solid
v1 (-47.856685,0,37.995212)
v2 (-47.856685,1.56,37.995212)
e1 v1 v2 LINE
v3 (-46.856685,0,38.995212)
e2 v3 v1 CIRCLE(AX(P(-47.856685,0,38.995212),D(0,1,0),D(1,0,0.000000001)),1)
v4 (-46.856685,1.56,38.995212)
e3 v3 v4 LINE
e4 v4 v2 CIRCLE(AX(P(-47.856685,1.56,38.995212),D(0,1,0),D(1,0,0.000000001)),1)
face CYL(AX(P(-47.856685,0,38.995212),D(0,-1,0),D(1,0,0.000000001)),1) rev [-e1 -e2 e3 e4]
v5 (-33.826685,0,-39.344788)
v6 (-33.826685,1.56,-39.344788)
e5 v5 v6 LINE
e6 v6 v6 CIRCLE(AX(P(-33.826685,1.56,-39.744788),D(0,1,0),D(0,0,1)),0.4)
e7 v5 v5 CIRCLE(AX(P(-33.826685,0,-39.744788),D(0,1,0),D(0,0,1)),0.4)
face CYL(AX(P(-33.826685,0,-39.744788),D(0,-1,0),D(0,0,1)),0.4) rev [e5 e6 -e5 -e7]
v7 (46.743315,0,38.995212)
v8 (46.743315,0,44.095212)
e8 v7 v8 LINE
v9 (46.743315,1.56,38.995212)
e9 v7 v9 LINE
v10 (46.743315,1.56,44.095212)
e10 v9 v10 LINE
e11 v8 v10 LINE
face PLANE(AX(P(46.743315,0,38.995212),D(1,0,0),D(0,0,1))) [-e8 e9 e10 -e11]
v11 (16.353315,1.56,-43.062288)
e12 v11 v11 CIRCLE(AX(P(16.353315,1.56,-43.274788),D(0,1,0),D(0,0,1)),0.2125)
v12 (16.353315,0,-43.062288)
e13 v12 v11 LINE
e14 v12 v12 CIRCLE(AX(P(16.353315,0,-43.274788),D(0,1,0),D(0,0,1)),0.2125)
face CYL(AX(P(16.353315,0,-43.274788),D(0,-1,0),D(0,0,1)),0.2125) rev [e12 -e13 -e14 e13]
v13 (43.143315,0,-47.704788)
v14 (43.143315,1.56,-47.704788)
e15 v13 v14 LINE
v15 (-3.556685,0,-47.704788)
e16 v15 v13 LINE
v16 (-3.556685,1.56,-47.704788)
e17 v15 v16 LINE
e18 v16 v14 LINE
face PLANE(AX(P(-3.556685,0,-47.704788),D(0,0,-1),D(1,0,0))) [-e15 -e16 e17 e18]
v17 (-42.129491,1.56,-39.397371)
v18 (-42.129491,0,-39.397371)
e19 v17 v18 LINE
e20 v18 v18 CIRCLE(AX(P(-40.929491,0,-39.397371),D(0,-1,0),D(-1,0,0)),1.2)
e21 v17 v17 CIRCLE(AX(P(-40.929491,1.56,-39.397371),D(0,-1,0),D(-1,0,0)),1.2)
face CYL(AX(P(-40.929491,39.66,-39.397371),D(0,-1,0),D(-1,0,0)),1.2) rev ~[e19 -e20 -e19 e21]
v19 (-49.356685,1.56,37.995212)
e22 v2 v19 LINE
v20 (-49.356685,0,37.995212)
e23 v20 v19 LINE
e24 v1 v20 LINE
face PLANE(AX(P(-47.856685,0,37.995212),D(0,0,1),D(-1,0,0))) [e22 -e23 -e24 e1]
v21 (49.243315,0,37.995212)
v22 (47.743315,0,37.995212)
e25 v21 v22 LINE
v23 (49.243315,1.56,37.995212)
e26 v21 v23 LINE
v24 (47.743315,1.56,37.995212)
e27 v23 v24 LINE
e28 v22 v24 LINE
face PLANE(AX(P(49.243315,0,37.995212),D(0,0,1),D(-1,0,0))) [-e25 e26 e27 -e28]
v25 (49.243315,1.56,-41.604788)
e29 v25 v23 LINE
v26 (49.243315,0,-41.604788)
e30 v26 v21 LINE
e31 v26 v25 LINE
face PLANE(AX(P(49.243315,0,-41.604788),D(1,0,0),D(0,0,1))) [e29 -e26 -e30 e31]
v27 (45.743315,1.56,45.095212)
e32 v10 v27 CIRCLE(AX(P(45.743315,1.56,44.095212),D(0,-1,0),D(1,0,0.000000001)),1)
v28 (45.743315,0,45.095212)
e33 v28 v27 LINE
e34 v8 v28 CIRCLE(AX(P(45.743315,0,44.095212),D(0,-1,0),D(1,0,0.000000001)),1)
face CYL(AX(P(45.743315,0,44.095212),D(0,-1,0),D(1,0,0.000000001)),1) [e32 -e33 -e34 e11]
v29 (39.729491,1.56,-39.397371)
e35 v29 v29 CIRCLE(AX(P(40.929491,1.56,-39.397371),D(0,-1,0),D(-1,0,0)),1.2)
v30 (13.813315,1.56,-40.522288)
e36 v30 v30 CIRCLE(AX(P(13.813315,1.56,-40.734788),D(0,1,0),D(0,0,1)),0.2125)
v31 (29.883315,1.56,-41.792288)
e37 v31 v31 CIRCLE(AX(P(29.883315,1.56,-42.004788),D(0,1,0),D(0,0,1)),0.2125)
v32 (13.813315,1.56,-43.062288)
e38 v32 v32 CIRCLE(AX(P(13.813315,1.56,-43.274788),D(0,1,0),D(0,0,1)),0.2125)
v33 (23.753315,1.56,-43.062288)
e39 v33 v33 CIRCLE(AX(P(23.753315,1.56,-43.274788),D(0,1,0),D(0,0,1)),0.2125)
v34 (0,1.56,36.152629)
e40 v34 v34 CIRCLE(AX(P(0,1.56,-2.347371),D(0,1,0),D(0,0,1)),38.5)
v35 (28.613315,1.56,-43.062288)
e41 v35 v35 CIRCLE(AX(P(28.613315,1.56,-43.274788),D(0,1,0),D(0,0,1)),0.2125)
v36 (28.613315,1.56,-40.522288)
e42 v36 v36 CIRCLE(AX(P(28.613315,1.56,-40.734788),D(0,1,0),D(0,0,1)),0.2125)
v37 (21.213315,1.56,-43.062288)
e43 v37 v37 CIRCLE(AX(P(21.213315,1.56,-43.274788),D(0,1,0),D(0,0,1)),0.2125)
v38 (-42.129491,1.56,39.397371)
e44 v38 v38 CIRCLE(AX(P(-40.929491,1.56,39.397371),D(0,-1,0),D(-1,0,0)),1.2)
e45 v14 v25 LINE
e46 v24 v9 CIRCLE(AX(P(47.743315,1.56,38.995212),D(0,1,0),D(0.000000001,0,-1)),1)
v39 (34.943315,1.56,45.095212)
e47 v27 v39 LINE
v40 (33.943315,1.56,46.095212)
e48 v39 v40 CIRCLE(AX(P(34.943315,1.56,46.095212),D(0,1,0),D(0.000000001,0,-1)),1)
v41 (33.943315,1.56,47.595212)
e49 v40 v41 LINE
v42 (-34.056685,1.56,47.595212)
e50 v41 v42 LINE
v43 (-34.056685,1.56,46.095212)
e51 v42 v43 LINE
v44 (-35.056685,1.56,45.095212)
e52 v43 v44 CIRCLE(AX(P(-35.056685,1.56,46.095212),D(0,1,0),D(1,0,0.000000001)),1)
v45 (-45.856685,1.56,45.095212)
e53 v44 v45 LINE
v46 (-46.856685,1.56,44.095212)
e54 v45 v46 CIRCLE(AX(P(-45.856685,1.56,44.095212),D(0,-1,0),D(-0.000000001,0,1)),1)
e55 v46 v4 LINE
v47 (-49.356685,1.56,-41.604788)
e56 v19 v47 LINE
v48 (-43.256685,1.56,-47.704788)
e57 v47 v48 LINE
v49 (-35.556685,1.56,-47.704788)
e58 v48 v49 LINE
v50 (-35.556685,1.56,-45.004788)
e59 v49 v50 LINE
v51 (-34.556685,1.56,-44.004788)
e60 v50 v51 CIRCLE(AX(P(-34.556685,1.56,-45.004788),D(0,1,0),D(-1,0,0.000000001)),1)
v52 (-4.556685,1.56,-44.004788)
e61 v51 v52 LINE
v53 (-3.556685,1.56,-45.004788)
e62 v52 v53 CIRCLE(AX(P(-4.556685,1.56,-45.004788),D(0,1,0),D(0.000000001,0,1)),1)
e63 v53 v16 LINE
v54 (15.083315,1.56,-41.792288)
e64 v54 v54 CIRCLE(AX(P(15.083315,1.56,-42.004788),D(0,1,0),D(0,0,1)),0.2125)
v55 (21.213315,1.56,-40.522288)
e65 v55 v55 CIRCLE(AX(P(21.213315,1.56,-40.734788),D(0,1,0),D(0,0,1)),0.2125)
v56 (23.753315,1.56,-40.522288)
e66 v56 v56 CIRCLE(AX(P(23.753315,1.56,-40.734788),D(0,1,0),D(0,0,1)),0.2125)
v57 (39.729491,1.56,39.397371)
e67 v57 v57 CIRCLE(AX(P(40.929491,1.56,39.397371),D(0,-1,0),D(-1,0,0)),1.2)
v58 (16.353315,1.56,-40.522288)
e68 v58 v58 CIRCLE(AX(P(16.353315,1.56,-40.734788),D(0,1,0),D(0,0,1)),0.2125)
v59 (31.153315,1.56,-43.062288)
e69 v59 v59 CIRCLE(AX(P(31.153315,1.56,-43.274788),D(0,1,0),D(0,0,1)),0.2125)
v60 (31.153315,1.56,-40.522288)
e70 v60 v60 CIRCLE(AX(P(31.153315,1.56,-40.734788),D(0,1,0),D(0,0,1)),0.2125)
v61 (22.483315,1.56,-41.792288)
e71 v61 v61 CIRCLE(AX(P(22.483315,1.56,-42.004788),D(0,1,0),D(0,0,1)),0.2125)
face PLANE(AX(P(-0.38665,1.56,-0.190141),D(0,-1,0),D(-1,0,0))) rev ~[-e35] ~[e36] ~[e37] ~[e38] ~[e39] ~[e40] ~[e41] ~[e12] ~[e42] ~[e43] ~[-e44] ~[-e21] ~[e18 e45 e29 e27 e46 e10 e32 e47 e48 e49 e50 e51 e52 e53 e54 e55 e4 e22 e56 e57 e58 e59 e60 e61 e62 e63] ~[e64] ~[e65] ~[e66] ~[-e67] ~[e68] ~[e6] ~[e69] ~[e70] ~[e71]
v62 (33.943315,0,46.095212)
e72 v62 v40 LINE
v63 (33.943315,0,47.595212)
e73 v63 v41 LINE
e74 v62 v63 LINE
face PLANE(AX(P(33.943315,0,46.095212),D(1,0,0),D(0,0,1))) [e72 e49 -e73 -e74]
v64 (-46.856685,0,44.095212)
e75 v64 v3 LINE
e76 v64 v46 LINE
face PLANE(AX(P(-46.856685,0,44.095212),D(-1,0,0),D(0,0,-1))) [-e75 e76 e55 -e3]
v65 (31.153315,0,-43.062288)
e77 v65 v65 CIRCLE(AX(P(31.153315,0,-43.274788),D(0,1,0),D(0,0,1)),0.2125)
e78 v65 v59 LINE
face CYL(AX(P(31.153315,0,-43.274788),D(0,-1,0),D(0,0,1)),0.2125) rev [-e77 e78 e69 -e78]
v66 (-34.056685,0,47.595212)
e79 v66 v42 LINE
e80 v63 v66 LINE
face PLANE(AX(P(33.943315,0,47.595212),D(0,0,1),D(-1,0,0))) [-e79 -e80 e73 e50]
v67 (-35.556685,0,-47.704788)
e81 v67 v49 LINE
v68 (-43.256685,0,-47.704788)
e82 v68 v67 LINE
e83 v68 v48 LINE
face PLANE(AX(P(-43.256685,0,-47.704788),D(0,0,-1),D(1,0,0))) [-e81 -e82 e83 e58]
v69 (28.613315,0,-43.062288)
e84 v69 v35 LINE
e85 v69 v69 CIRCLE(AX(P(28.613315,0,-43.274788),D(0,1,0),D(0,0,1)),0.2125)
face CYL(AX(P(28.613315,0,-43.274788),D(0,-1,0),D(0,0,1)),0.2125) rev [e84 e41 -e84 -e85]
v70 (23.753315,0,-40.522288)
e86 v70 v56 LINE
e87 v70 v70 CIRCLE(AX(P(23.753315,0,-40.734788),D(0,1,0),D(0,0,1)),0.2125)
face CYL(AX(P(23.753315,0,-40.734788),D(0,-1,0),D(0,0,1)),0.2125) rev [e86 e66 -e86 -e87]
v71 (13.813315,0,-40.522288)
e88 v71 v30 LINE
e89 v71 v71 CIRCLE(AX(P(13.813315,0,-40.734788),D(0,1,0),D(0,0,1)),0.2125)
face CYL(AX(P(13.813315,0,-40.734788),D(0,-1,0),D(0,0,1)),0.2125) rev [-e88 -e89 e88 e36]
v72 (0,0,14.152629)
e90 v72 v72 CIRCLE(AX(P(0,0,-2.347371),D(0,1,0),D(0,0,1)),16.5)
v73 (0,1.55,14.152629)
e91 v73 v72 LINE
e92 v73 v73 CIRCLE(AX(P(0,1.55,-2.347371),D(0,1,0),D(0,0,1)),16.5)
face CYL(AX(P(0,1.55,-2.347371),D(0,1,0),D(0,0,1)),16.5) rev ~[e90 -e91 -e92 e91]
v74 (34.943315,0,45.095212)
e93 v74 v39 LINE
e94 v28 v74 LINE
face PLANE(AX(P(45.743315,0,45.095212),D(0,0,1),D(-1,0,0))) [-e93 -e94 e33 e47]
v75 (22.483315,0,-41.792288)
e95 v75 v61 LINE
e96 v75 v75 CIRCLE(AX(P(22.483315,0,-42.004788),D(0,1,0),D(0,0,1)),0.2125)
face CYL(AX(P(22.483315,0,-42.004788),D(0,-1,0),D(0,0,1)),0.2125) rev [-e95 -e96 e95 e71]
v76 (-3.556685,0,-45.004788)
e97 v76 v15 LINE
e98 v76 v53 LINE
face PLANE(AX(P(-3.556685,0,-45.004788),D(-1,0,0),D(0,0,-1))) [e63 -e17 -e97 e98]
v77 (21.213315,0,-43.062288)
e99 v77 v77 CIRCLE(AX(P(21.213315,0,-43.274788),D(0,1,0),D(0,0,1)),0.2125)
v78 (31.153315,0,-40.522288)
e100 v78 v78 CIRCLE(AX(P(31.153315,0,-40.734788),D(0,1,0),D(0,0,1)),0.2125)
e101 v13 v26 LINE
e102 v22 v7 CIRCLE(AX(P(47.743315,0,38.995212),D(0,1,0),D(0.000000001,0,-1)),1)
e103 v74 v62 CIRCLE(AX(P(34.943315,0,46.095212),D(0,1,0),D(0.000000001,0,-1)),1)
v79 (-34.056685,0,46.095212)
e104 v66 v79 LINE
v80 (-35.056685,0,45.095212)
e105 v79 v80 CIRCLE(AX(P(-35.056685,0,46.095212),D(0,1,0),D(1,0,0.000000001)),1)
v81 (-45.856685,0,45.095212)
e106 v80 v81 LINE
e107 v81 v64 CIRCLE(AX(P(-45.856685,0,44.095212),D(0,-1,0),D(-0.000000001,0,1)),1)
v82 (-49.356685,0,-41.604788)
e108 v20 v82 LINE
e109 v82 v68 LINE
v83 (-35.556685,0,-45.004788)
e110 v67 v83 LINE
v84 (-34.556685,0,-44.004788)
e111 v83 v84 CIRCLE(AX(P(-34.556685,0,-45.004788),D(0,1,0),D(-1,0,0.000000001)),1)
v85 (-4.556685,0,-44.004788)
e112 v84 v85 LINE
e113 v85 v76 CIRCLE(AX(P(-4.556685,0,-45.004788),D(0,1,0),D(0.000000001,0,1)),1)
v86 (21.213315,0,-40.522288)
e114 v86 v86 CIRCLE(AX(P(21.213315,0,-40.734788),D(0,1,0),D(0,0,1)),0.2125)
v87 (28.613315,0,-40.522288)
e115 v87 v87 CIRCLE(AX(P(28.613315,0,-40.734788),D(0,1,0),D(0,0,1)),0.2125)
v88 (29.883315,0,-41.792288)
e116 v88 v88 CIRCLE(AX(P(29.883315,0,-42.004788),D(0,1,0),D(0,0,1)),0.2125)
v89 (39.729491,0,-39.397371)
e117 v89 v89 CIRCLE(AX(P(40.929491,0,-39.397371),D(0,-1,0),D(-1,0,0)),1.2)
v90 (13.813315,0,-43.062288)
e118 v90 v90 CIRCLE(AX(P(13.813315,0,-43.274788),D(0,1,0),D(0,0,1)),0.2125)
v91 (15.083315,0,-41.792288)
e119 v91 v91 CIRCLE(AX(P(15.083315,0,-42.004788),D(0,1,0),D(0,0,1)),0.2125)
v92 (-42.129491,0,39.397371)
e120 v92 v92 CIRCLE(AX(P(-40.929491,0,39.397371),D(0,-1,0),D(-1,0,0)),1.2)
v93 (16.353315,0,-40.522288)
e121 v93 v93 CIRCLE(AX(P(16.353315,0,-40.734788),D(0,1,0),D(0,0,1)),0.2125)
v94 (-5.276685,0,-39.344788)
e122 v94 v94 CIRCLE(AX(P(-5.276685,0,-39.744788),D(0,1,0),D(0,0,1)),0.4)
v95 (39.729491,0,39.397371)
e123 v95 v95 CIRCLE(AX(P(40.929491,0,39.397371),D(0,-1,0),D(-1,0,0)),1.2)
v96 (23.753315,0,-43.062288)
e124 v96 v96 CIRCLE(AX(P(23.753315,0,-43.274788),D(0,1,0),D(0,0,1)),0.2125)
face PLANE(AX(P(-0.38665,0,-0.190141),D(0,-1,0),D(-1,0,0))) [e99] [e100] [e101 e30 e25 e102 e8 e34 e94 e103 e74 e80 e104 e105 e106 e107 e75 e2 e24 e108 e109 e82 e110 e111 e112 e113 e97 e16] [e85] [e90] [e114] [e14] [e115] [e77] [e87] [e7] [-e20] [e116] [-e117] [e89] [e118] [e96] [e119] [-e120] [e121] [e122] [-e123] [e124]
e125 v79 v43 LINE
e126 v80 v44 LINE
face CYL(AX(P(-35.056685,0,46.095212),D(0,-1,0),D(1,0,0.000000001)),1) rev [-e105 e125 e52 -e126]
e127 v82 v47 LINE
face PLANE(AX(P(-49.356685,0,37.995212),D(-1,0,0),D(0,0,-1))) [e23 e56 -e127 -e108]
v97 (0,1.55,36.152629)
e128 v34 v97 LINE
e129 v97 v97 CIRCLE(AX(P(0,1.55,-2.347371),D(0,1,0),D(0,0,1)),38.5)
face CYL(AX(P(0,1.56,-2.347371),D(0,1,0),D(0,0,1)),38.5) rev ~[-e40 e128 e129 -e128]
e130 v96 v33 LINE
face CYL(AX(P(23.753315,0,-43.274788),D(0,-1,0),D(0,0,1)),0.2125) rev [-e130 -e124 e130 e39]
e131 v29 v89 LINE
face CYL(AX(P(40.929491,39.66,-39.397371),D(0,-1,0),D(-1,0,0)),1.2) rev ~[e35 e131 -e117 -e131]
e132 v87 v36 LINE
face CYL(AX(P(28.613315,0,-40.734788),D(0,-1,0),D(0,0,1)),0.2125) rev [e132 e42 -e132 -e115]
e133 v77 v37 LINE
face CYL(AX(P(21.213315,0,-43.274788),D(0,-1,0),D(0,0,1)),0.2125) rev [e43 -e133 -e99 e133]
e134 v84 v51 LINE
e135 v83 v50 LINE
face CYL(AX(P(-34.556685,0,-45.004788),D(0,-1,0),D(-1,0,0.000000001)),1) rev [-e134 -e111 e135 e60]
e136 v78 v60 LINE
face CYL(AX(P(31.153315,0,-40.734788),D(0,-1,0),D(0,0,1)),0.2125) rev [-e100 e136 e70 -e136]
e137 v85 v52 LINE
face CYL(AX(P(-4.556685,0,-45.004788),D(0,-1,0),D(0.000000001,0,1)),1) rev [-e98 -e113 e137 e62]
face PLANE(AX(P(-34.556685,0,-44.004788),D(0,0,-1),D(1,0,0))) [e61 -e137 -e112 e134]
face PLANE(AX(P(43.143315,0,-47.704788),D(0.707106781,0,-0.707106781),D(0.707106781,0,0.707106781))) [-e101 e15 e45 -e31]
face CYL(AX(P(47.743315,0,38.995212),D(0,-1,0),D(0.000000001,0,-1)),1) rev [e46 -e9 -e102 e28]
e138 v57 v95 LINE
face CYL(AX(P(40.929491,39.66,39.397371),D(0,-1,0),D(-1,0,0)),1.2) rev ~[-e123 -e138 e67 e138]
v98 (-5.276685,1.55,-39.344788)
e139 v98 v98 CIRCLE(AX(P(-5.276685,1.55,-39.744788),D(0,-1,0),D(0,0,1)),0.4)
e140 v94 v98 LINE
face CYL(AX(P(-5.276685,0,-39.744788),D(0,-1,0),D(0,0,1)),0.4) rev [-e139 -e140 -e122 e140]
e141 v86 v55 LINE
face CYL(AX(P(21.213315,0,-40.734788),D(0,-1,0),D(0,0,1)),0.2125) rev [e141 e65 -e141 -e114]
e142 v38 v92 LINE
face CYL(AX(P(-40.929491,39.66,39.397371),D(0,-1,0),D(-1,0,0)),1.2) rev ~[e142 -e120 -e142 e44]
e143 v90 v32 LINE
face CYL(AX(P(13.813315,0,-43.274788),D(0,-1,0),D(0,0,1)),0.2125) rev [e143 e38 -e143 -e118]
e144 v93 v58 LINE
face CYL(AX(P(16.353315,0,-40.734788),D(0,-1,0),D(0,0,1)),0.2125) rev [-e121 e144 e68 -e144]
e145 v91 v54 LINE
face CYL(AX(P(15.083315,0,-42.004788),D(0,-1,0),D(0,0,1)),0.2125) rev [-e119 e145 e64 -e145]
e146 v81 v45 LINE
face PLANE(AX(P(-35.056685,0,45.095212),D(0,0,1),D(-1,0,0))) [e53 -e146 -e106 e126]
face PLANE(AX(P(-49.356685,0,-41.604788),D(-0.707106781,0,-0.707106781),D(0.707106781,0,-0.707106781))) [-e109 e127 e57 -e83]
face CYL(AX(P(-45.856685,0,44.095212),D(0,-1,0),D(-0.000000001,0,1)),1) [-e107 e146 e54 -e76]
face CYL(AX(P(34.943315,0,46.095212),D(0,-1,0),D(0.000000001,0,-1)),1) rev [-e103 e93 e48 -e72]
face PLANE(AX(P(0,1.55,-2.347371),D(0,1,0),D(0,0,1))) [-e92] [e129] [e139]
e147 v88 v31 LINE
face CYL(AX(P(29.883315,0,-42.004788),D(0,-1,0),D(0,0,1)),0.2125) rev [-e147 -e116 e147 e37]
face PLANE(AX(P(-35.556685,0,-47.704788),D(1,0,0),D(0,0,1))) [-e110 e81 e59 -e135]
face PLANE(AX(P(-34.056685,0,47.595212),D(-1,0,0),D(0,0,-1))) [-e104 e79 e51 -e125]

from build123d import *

# Parameters (mm, degrees)
SKETCH1_R                = 0.4
SKETCH1_R_2              = 0.2125
BOSS_EXTRUDE1_DEPTH      = 1.56
M2_CLEARANCE_HOLE2_D     = 2.4
M2_CLEARANCE_HOLE2_DEPTH = 38.1
M2_CLEARANCE_HOLE2_TIP   = 0.721032743
SKETCH2_R                = 38.5
CUT_EXTRUDE1_DEPTH       = 0.01
SKETCH10_R               = 16.5
CUT_EXTRUDE2_DEPTH       = 10


with BuildPart() as part:
    # Sketch1 → Boss-Extrude1 (new body)
    with BuildSketch(Plane(origin=(0, 0, 0), x_dir=(1, 0, 0), z_dir=(0, 1, 0))):
        with BuildLine():
            Line((-49.356685196, 41.604788024), (-43.256685196, 47.704788024))
            Line((-43.256685196, 47.704788024), (-35.556685196, 47.704788024))
            Line((-35.556685196, 47.704788024), (-35.556685196, 45.004788024))
            ThreePointArc((-35.556685196, 45.004788024), (-35.263791977, 44.297681243), (-34.556685196, 44.004788024))
            Line((-34.556685196, 44.004788024), (-4.556685196, 44.004788024))
            ThreePointArc((-4.556685196, 44.004788024), (-3.849578415, 44.297681243), (-3.556685196, 45.004788024))
            Line((-3.556685196, 45.004788024), (-3.556685196, 47.704788024))
            Line((-3.556685196, 47.704788024), (43.143314804, 47.704788024))
            Line((43.143314804, 47.704788024), (49.243314804, 41.604788024))
            Line((49.243314804, 41.604788024), (49.243314804, -37.995211976))
            Line((49.243314804, -37.995211976), (47.743314804, -37.995211976))
            ThreePointArc((47.743314804, -37.995211976), (47.036208023, -38.288105194), (46.743314804, -38.995211976))
            Line((46.743314804, -38.995211976), (46.743314804, -44.095211976))
            ThreePointArc((46.743314804, -44.095211976), (46.450421585, -44.802318757), (45.743314804, -45.095211976))
            Line((45.743314804, -45.095211976), (34.943314804, -45.095211976))
            ThreePointArc((34.943314804, -45.095211976), (34.236208023, -45.388105194), (33.943314804, -46.095211976))
            Line((33.943314804, -46.095211976), (33.943314804, -47.595211976))
            Line((33.943314804, -47.595211976), (-34.056685196, -47.595211976))
            Line((-34.056685196, -47.595211976), (-34.056685196, -46.095211976))
            ThreePointArc((-34.056685196, -46.095211976), (-34.349578415, -45.388105194), (-35.056685196, -45.095211976))
            Line((-35.056685196, -45.095211976), (-45.856685196, -45.095211976))
            ThreePointArc((-45.856685196, -45.095211976), (-46.563791977, -44.802318757), (-46.856685196, -44.095211976))
            Line((-46.856685196, -44.095211976), (-46.856685196, -38.995211976))
            ThreePointArc((-46.856685196, -38.995211976), (-47.149578415, -38.288105194), (-47.856685196, -37.995211976))
            Line((-47.856685196, -37.995211976), (-49.356685196, -37.995211976))
            Line((-49.356685196, -37.995211976), (-49.356685196, 41.604788024))
        make_face()
        with Locations(Location((-33.826685196, 39.744788024, 0), (0, 0, 270))):
            Circle(SKETCH1_R, mode=Mode.SUBTRACT)
        with Locations(Location((-5.276685196, 39.744788024, 0), (0, 0, 270))):
            Circle(SKETCH1_R, mode=Mode.SUBTRACT)
        with Locations(Location((29.883314804, 42.004788024, 0), (0, 0, 270))):
            Circle(SKETCH1_R_2, mode=Mode.SUBTRACT)
        with Locations(Location((28.613314804, 43.274788024, 0), (0, 0, 270))):
            Circle(SKETCH1_R_2, mode=Mode.SUBTRACT)
        with Locations(Location((31.153314804, 43.274788024, 0), (0, 0, 270))):
            Circle(SKETCH1_R_2, mode=Mode.SUBTRACT)
        with Locations(Location((31.153314804, 40.734788024, 0), (0, 0, 270))):
            Circle(SKETCH1_R_2, mode=Mode.SUBTRACT)
        with Locations(Location((28.613314804, 40.734788024, 0), (0, 0, 270))):
            Circle(SKETCH1_R_2, mode=Mode.SUBTRACT)
        with Locations(Location((22.483314804, 42.004788024, 0), (0, 0, 270))):
            Circle(SKETCH1_R_2, mode=Mode.SUBTRACT)
        with Locations(Location((21.213314804, 43.274788024, 0), (0, 0, 270))):
            Circle(SKETCH1_R_2, mode=Mode.SUBTRACT)
        with Locations(Location((23.753314804, 43.274788024, 0), (0, 0, 270))):
            Circle(SKETCH1_R_2, mode=Mode.SUBTRACT)
        with Locations(Location((23.753314804, 40.734788024, 0), (0, 0, 270))):
            Circle(SKETCH1_R_2, mode=Mode.SUBTRACT)
        with Locations(Location((21.213314804, 40.734788024, 0), (0, 0, 270))):
            Circle(SKETCH1_R_2, mode=Mode.SUBTRACT)
        with Locations(Location((15.083314804, 42.004788024, 0), (0, 0, 270))):
            Circle(SKETCH1_R_2, mode=Mode.SUBTRACT)
        with Locations(Location((13.813314804, 43.274788024, 0), (0, 0, 270))):
            Circle(SKETCH1_R_2, mode=Mode.SUBTRACT)
        with Locations(Location((16.353314804, 43.274788024, 0), (0, 0, 270))):
            Circle(SKETCH1_R_2, mode=Mode.SUBTRACT)
        with Locations(Location((16.353314804, 40.734788024, 0), (0, 0, 270))):
            Circle(SKETCH1_R_2, mode=Mode.SUBTRACT)
        with Locations(Location((13.813314804, 40.734788024, 0), (0, 0, 270))):
            Circle(SKETCH1_R_2, mode=Mode.SUBTRACT)
    extrude(amount=BOSS_EXTRUDE1_DEPTH)

    # M2 Clearance Hole2
    with Locations(Plane(origin=(0, 1.56, 0), x_dir=(1, 0, 0), z_dir=(0, 1, 0))):
        with Locations((-40.929491149, 39.39737116), (40.929491149, 39.39737116), (40.929491149, -39.39737116), (-40.929491149, -39.39737116)):
            Hole(M2_CLEARANCE_HOLE2_D / 2, depth=M2_CLEARANCE_HOLE2_DEPTH)
            with Locations((0, 0, -(M2_CLEARANCE_HOLE2_DEPTH + M2_CLEARANCE_HOLE2_TIP / 2))):  # 118° drill point
                Cone(0, M2_CLEARANCE_HOLE2_D / 2, M2_CLEARANCE_HOLE2_TIP, mode=Mode.SUBTRACT)

    # Sketch2 → Cut-Extrude1 (cut)
    with BuildSketch(Plane(origin=(0, 1.56, 0), x_dir=(1, 0, 0), z_dir=(0, 1, 0))):
        with Locations(Location((0, 2.34737116, 0), (0, 0, 270))):
            Circle(SKETCH2_R)
    extrude(amount=-CUT_EXTRUDE1_DEPTH, mode=Mode.SUBTRACT)

    # Sketch10 → Cut-Extrude2 (cut)
    with BuildSketch(Plane(origin=(0, 1.55, 0), x_dir=(1, 0, 0), z_dir=(0, 1, 0))):
        with Locations(Location((0, 2.34737116, 0), (0, 0, 270))):
            Circle(SKETCH10_R)
    extrude(amount=-CUT_EXTRUDE2_DEPTH, mode=Mode.SUBTRACT)


solid = part.part
